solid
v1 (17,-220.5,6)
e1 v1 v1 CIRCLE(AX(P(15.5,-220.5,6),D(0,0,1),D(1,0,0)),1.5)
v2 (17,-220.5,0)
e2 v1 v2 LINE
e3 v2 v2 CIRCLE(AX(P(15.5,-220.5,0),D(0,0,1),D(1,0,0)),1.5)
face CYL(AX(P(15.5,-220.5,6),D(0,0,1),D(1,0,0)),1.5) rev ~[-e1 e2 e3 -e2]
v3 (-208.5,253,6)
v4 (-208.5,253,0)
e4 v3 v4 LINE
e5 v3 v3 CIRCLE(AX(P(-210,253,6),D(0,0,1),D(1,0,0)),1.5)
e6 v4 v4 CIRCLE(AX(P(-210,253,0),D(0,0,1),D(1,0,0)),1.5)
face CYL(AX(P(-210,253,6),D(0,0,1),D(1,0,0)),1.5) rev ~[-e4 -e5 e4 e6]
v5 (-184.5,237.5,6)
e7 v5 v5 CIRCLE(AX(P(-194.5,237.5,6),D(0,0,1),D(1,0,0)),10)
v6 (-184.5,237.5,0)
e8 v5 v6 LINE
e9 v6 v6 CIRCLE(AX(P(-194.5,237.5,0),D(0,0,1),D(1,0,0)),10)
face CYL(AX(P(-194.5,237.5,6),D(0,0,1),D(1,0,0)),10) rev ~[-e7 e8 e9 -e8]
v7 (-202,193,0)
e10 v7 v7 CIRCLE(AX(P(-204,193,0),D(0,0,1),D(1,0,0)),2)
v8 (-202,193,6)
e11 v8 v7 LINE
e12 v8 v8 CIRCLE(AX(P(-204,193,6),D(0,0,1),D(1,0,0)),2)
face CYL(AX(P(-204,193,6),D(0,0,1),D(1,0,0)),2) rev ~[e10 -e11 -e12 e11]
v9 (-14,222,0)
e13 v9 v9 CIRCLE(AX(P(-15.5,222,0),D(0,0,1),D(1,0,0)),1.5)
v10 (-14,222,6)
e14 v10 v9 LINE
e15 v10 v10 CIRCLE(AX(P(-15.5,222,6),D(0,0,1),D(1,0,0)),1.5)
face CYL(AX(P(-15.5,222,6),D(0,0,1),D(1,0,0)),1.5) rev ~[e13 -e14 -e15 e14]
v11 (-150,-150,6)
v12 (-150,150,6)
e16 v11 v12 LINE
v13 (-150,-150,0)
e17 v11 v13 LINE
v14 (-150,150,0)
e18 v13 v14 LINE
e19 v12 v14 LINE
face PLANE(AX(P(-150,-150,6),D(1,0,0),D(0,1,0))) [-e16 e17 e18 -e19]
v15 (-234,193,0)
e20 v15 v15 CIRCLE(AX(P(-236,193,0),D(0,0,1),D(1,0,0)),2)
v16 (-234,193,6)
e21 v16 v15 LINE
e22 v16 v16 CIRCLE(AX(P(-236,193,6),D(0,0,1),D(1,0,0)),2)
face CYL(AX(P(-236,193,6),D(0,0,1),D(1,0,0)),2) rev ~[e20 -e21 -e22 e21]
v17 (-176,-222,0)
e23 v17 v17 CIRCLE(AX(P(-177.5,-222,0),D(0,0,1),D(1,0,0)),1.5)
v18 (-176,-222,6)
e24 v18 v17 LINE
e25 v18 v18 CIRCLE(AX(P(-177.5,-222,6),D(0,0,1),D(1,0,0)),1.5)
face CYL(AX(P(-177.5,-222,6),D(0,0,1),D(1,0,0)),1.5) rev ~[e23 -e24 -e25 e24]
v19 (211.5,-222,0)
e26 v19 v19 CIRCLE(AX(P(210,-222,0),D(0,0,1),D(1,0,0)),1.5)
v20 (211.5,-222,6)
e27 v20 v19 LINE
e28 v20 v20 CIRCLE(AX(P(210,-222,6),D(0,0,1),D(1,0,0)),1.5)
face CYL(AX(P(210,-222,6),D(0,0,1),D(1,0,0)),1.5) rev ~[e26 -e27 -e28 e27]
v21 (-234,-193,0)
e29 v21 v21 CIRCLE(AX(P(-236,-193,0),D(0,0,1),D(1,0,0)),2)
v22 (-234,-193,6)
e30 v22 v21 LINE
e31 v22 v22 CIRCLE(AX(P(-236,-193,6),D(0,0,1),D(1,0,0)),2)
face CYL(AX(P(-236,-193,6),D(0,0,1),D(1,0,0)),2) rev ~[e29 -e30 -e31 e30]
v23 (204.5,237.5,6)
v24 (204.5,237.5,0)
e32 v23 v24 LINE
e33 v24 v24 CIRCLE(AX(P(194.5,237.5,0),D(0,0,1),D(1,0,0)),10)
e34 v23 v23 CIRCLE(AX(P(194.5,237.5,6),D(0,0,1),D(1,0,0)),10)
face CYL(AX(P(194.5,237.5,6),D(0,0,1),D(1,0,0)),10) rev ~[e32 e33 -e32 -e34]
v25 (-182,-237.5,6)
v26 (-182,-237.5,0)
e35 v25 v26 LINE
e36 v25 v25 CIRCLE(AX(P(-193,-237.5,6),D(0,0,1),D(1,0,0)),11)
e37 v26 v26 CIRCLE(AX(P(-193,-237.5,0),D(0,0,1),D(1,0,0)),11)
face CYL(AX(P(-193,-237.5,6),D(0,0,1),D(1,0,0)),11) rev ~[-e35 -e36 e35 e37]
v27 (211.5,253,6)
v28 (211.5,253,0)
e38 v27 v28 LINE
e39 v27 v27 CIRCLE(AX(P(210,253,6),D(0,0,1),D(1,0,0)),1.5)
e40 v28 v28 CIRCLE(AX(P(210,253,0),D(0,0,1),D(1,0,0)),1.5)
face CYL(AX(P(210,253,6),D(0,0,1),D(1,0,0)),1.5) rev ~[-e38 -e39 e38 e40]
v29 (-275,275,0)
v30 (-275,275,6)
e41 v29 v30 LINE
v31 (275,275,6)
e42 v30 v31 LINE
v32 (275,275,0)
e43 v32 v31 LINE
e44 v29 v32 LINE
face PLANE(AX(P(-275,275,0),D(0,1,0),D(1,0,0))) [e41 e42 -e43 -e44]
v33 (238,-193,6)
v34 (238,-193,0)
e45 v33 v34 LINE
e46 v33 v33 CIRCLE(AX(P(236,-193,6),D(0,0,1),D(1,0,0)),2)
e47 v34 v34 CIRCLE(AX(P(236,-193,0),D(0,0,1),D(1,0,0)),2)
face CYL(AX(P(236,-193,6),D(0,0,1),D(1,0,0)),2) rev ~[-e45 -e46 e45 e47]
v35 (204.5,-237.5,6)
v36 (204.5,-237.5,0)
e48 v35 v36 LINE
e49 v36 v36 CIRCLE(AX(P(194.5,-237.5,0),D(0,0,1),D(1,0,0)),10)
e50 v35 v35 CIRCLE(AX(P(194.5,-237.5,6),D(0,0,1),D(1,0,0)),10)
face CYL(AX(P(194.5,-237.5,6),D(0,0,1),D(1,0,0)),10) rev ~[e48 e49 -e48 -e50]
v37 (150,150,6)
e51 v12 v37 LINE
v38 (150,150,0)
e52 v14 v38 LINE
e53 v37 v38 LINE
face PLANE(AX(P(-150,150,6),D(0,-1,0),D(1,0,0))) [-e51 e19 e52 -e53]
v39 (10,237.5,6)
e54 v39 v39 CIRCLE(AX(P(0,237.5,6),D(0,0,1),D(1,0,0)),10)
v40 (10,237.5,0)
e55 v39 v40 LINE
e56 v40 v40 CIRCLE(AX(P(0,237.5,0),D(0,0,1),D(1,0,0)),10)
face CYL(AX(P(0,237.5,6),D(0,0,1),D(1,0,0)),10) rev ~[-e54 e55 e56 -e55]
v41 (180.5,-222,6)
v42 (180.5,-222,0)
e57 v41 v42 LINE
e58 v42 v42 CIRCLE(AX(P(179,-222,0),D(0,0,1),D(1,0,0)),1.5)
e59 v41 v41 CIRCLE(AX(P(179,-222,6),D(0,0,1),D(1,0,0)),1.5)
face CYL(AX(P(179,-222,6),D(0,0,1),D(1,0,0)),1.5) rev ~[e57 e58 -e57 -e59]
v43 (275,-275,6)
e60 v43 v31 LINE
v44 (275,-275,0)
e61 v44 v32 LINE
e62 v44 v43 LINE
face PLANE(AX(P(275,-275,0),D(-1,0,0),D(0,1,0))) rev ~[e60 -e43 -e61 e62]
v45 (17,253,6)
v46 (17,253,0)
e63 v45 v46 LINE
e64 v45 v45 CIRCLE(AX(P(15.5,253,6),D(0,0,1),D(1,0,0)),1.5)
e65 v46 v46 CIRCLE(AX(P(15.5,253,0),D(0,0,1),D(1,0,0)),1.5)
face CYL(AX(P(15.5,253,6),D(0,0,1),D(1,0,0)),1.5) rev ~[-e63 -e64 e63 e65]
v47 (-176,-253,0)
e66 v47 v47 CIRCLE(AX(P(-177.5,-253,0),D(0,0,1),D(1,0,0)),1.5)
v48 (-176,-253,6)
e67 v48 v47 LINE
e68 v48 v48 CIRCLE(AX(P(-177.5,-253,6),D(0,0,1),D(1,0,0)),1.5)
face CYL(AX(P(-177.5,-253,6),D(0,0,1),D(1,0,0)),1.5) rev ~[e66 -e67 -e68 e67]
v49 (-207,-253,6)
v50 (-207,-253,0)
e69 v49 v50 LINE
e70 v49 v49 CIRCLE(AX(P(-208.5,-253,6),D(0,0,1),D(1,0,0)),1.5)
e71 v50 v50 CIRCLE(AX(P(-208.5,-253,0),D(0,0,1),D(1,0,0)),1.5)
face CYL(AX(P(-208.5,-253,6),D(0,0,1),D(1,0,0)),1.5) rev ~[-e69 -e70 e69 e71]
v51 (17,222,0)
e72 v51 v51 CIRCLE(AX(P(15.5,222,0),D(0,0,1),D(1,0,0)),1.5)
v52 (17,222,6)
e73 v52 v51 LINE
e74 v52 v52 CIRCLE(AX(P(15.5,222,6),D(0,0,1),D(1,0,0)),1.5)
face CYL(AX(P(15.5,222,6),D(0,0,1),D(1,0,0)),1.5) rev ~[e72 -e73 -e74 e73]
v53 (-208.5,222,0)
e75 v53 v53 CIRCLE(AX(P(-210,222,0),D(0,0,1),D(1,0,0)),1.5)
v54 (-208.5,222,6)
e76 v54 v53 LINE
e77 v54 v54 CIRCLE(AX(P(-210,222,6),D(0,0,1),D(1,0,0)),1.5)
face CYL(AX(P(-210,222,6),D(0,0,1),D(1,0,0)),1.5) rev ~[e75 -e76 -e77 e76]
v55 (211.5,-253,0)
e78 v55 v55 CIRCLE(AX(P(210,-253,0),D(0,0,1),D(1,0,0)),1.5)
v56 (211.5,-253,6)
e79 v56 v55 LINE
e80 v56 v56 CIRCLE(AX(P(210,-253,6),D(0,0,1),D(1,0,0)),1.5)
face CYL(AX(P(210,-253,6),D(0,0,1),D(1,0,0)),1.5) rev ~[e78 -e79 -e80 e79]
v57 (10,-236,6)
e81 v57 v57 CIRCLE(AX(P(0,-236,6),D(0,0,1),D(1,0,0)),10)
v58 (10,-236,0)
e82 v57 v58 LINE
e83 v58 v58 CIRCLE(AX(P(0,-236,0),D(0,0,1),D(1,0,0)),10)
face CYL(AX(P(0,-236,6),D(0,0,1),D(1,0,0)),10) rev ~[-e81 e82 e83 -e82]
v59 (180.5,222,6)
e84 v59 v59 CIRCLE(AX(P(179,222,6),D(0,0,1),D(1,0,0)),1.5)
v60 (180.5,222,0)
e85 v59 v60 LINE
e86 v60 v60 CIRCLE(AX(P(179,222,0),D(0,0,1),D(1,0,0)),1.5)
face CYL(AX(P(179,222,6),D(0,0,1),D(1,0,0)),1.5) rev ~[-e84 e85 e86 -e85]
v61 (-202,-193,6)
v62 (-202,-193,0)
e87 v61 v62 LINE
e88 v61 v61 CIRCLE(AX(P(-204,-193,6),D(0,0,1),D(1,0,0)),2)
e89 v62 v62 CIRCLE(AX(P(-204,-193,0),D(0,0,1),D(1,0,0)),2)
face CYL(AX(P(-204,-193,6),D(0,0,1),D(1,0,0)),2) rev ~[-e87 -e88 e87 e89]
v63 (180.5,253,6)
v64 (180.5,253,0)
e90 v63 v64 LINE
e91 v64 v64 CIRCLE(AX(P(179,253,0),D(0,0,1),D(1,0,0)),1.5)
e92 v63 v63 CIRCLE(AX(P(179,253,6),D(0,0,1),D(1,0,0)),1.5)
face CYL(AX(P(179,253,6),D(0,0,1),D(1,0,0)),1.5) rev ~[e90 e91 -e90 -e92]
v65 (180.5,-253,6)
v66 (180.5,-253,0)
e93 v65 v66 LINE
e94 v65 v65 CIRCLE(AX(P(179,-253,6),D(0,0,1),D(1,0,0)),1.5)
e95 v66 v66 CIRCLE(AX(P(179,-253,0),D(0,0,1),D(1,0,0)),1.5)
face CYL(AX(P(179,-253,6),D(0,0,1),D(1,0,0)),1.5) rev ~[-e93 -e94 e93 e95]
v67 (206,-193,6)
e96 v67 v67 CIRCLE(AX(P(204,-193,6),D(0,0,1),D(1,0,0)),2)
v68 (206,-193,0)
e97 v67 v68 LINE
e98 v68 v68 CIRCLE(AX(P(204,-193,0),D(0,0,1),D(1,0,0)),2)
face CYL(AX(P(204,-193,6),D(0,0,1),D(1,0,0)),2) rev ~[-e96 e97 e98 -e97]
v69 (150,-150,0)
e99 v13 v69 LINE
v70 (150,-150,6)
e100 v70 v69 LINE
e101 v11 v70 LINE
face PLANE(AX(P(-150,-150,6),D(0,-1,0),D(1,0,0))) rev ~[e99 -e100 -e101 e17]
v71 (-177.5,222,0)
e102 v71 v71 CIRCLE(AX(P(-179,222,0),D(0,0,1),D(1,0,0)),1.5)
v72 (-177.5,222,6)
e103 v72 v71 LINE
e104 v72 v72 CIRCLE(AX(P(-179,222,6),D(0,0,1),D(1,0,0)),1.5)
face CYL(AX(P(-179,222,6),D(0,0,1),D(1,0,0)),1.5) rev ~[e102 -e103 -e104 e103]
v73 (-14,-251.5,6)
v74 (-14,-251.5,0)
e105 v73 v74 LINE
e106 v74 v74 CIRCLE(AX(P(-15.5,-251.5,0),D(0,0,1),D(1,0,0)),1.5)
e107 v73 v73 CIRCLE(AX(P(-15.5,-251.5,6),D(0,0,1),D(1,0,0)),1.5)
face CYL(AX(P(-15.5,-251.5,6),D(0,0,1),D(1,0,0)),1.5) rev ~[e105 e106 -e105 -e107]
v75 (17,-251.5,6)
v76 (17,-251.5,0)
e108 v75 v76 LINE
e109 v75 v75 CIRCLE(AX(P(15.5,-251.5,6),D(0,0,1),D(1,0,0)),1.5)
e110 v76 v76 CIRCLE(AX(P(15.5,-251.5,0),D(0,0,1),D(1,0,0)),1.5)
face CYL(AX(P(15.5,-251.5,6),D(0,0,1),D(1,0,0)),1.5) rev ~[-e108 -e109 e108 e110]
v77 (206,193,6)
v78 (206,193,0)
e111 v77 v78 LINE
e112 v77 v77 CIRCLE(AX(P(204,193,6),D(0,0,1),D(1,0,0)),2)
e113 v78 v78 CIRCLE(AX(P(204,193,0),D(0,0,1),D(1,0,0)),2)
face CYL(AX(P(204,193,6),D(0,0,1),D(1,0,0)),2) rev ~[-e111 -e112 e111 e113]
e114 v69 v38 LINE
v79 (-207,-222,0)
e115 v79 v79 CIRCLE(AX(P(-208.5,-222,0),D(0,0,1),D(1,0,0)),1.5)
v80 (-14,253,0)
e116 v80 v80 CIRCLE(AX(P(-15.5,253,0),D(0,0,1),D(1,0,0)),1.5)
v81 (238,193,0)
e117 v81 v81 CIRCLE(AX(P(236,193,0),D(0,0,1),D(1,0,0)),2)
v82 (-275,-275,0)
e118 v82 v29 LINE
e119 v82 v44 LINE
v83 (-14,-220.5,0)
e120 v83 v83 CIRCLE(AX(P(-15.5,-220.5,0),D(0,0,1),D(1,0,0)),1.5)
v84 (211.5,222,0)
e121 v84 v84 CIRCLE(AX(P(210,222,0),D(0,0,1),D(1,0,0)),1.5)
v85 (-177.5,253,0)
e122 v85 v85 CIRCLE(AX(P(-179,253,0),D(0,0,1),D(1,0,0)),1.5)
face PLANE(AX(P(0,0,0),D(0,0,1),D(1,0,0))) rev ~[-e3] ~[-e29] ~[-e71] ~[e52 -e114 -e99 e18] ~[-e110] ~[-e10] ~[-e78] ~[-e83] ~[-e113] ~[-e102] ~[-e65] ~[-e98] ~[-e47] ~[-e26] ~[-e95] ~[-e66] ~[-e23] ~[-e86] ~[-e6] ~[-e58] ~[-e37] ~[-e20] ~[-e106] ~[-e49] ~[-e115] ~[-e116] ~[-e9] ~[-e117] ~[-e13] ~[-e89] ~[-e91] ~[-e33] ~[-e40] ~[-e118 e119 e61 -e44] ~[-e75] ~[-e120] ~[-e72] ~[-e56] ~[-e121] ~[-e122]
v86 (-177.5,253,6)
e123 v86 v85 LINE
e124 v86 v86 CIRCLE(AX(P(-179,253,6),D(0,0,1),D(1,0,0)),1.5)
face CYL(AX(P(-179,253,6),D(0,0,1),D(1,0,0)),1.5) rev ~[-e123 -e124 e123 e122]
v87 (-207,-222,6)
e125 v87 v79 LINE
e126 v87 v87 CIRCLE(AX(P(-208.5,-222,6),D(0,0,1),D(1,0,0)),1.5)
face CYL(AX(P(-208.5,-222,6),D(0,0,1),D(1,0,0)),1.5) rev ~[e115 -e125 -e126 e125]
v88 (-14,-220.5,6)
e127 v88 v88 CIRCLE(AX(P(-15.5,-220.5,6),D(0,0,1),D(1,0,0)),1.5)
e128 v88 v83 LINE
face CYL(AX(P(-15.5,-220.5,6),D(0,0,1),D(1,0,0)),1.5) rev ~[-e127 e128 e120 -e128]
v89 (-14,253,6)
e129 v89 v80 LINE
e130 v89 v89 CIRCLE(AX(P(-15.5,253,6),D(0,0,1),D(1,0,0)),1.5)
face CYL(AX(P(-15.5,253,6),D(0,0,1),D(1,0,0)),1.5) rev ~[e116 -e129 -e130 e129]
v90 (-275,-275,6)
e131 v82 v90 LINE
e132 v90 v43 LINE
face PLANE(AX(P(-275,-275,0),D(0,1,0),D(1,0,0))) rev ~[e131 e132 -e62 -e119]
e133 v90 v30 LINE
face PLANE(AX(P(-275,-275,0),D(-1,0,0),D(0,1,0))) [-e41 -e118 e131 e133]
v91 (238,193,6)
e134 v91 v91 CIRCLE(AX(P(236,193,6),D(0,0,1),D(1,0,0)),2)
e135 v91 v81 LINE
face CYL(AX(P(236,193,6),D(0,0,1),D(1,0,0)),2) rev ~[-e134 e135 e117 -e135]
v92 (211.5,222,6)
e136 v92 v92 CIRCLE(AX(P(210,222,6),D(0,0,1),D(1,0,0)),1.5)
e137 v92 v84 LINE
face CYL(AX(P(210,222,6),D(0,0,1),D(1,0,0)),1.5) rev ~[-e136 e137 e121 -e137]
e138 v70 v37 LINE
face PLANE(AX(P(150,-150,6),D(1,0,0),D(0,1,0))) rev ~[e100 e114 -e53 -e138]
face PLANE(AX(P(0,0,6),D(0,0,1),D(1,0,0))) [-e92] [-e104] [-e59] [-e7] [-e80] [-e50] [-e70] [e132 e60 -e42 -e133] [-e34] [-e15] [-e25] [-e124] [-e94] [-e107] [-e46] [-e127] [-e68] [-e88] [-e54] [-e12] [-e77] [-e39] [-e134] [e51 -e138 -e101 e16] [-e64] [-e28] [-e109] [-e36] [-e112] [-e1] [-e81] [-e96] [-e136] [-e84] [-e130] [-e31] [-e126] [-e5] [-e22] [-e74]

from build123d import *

# Parameters (mm, degrees)
F0_W     = 550
F0_H     = 550
F1_DEPTH = 6
F2_W     = 300
F2_H     = 300
F3_DEPTH = 6
F4_R     = 1.5
F4_R_2   = 10
F4_R_3   = 11
F4_R_4   = 2
F5_DEPTH = 25


with BuildPart() as f1:
    # F0 (on Top) → F1 (new body)
    with BuildSketch(Plane.XY):
        Rectangle(F0_W, F0_H)
    extrude(amount=F1_DEPTH)

    # F2 (on face) → F3 (cut, through all)
    with BuildSketch(Plane.XY.offset(6)):
        Rectangle(F2_W, F2_H)
    extrude(amount=-F3_DEPTH, mode=Mode.SUBTRACT)

    # F4 (on face) + F0 (on Top) → F5 (cut)
    with BuildSketch(Plane.XY.offset(6)):
        with Locations((-179, 253)):
            Circle(F4_R)
        with Locations((-210, 253)):
            Circle(F4_R)
        with Locations((-210, 222)):
            Circle(F4_R)
        with Locations((-179, 222)):
            Circle(F4_R)
        with Locations((-194.5, 237.5)):
            Circle(F4_R_2)
        with Locations((210, 253)):
            Circle(F4_R)
        with Locations((179, 253)):
            Circle(F4_R)
        with Locations((179, 222)):
            Circle(F4_R)
        with Locations((210, 222)):
            Circle(F4_R)
        with Locations((194.5, 237.5)):
            Circle(F4_R_2)
        with Locations((15.5, 253)):
            Circle(F4_R)
        with Locations((-15.5, 253)):
            Circle(F4_R)
        with Locations((-15.5, 222)):
            Circle(F4_R)
        with Locations((15.5, 222)):
            Circle(F4_R)
        with Locations((0, 237.5)):
            Circle(F4_R_2)
        with Locations((-177.5, -222)):
            Circle(F4_R)
        with Locations((-208.5, -222)):
            Circle(F4_R)
        with Locations((-208.5, -253)):
            Circle(F4_R)
        with Locations((-177.5, -253)):
            Circle(F4_R)
        with Locations((-193, -237.5)):
            Circle(F4_R_3)
        with Locations((210, -222)):
            Circle(F4_R)
        with Locations((179, -222)):
            Circle(F4_R)
        with Locations((179, -253)):
            Circle(F4_R)
        with Locations((210, -253)):
            Circle(F4_R)
        with Locations((194.5, -237.5)):
            Circle(F4_R_2)
        with Locations((15.5, -220.5)):
            Circle(F4_R)
        with Locations((-15.5, -220.5)):
            Circle(F4_R)
        with Locations((-15.5, -251.5)):
            Circle(F4_R)
        with Locations((15.5, -251.5)):
            Circle(F4_R)
        with Locations((0, -236)):
            Circle(F4_R_2)
        with Locations((-236, 193)):
            Circle(F4_R_4)
        with Locations((-204, 193)):
            Circle(F4_R_4)
        with Locations((-236, -193)):
            Circle(F4_R_4)
        with Locations((-204, -193)):
            Circle(F4_R_4)
        with Locations((236, -193)):
            Circle(F4_R_4)
        with Locations((204, -193)):
            Circle(F4_R_4)
        with Locations((204, 193)):
            Circle(F4_R_4)
        with Locations((236, 193)):
            Circle(F4_R_4)
    with BuildSketch(Plane.XY):
        Rectangle(F0_W, F0_H)
    extrude(amount=-F5_DEPTH, mode=Mode.SUBTRACT)


solid = f1.part
